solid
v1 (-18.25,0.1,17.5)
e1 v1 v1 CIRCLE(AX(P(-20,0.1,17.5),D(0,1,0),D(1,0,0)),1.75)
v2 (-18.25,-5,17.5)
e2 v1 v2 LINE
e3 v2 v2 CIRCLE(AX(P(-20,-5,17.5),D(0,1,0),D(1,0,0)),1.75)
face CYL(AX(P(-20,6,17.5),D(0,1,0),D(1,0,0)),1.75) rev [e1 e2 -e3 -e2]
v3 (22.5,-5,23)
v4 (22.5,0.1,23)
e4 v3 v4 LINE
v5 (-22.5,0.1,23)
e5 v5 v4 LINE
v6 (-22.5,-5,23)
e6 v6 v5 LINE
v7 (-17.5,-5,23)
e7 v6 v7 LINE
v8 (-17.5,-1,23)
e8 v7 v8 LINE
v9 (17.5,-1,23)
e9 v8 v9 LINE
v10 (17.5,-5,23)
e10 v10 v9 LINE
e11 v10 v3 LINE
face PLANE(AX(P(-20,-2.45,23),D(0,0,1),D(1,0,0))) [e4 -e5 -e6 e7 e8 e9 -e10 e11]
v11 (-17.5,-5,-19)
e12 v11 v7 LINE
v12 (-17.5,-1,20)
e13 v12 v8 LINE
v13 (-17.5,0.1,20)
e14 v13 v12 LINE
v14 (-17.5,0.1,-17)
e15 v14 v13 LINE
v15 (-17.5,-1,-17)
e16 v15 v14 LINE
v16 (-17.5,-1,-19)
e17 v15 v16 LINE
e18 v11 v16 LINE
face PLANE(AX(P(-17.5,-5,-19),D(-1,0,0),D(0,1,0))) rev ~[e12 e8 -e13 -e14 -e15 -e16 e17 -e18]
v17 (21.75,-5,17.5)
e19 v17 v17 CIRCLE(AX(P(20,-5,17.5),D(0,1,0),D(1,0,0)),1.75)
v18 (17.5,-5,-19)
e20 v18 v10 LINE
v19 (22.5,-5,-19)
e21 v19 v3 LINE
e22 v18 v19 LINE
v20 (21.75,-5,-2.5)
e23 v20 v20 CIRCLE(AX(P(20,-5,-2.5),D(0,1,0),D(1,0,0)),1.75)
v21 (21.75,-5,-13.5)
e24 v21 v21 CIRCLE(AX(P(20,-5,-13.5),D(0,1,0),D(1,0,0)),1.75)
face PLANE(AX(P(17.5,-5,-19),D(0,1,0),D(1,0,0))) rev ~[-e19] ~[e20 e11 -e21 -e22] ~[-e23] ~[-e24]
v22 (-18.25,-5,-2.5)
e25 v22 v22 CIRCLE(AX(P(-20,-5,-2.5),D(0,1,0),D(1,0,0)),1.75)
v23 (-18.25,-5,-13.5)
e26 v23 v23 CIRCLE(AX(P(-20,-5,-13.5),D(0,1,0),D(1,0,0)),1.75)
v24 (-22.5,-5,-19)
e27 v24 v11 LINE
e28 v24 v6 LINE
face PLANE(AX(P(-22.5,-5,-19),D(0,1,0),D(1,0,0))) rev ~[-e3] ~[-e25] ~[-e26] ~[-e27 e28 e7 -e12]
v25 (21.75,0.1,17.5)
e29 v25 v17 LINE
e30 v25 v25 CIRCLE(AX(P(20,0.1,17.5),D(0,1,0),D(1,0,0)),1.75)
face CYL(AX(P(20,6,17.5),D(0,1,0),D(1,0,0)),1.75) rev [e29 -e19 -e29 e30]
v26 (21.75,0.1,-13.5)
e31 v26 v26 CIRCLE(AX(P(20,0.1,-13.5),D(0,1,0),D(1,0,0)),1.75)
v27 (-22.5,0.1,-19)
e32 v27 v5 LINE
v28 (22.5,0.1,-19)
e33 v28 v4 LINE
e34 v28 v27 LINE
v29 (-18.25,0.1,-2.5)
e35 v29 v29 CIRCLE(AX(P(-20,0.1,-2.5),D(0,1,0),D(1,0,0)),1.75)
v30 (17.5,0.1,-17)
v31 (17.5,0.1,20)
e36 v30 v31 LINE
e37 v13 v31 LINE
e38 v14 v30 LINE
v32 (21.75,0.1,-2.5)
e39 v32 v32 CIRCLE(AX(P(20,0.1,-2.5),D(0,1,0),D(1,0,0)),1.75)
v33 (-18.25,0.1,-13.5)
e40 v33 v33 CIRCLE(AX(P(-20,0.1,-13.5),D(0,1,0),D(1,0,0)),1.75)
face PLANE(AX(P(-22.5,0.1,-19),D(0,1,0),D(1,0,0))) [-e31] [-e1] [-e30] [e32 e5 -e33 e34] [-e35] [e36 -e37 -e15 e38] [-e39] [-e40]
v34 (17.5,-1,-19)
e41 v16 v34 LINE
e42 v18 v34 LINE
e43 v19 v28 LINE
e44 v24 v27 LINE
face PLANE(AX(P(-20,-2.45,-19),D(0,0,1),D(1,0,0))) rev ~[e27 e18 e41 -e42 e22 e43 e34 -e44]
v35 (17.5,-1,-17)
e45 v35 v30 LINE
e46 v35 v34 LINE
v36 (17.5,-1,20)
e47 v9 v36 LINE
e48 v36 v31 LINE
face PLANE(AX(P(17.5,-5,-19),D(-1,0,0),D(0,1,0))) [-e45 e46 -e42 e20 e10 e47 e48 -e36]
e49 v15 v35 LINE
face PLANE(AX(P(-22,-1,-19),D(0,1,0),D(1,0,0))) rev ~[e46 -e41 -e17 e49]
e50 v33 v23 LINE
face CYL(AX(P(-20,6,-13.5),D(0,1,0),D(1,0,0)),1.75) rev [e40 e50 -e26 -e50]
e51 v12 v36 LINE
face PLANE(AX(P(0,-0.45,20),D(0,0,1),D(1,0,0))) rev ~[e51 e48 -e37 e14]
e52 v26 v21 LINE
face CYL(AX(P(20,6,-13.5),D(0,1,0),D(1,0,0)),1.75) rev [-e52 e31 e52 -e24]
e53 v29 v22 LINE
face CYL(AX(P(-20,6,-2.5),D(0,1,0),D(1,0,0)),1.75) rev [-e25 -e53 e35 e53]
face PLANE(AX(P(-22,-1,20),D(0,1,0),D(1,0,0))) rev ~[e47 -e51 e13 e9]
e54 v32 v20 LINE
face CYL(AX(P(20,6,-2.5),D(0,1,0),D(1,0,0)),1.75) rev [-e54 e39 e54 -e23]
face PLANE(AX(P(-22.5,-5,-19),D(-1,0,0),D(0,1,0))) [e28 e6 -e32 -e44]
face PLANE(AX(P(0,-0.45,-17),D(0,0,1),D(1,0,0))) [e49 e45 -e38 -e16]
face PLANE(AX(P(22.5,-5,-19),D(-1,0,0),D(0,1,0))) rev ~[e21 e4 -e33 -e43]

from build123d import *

# Parameters (mm, degrees)
CYLINDER023_R          = 1.75
CYLINDER023_DEPTH      = 44
CYLINDER023_ROLL_ANGLE = 90
CYLINDER024_R          = 1.75
CYLINDER024_DEPTH      = 44
CYLINDER024_ROLL_ANGLE = 90
CYLINDER025_R          = 1.75
CYLINDER025_DEPTH      = 44
CYLINDER025_ROLL_ANGLE = 90
CYLINDER034_R          = 1.75
CYLINDER034_DEPTH      = 44
CYLINDER034_ROLL_ANGLE = 90
CYLINDER035_R          = 1.75
CYLINDER035_DEPTH      = 44
CYLINDER035_ROLL_ANGLE = 90
CYLINDER022_R          = 1.75
CYLINDER022_DEPTH      = 44
CYLINDER022_ROLL_ANGLE = 90
BOX048_W               = 44
BOX048_H               = 1.1
BOX048_DEPTH           = 3
BOX047_W               = 5
BOX047_H               = 5.1
BOX047_DEPTH           = 42
BOX049_W               = 44
BOX049_H               = 1.1
BOX049_DEPTH           = 2
BOX046_W               = 5
BOX046_H               = 5.1
BOX046_DEPTH           = 42


with BuildPart() as cylinder_for_hole_2_motherboard002:
    # Cylinder023 → Cylinder023 (new body)
    with BuildSketch(Plane.XY):
        Circle(CYLINDER023_R)
    extrude(amount=CYLINDER023_DEPTH)


with BuildPart() as cylinder_for_hole_2_motherboard002_1:
    # Cylinder023 roll: moved
    add(cylinder_for_hole_2_motherboard002.part.rotate(Axis((0, 0, 0), (1, 0, 0)), CYLINDER023_ROLL_ANGLE))


with BuildPart() as cylinder_for_hole_2_motherboard002_2:
    # Cylinder023 placement: moved
    add(cylinder_for_hole_2_motherboard002_1.part.moved(Location((20, 6, 17.5))))


with BuildPart() as cylinder_for_hole_9_groovemount_l001:
    # Cylinder024 → Cylinder024 (new body)
    with BuildSketch(Plane.XY):
        Circle(CYLINDER024_R)
    extrude(amount=CYLINDER024_DEPTH)


with BuildPart() as cylinder_for_hole_9_groovemount_l001_1:
    # Cylinder024 roll: moved
    add(cylinder_for_hole_9_groovemount_l001.part.rotate(Axis((0, 0, 0), (1, 0, 0)), CYLINDER024_ROLL_ANGLE))


with BuildPart() as cylinder_for_hole_9_groovemount_l001_2:
    # Cylinder024 placement: moved
    add(cylinder_for_hole_9_groovemount_l001_1.part.moved(Location((-20, 6, -2.5))))


with BuildPart() as cylinder_for_hole_10_groovemount_r001:
    # Cylinder025 → Cylinder025 (new body)
    with BuildSketch(Plane.XY):
        Circle(CYLINDER025_R)
    extrude(amount=CYLINDER025_DEPTH)


with BuildPart() as cylinder_for_hole_10_groovemount_r001_1:
    # Cylinder025 roll: moved
    add(cylinder_for_hole_10_groovemount_r001.part.rotate(Axis((0, 0, 0), (1, 0, 0)), CYLINDER025_ROLL_ANGLE))


with BuildPart() as cylinder_for_hole_10_groovemount_r001_2:
    # Cylinder025 placement: moved
    add(cylinder_for_hole_10_groovemount_r001_1.part.moved(Location((20, 6, -2.5))))


with BuildPart() as cylinder_for_hole_3_motherboard002:
    # Cylinder034 → Cylinder034 (new body)
    with BuildSketch(Plane.XY):
        Circle(CYLINDER034_R)
    extrude(amount=CYLINDER034_DEPTH)


with BuildPart() as cylinder_for_hole_3_motherboard002_1:
    # Cylinder034 roll: moved
    add(cylinder_for_hole_3_motherboard002.part.rotate(Axis((0, 0, 0), (1, 0, 0)), CYLINDER034_ROLL_ANGLE))


with BuildPart() as cylinder_for_hole_3_motherboard002_2:
    # Cylinder034 placement: moved
    add(cylinder_for_hole_3_motherboard002_1.part.moved(Location((-20, 6, -13.5))))


with BuildPart() as cylinder_for_hole_4_motherboard002:
    # Cylinder035 → Cylinder035 (new body)
    with BuildSketch(Plane.XY):
        Circle(CYLINDER035_R)
    extrude(amount=CYLINDER035_DEPTH)


with BuildPart() as cylinder_for_hole_4_motherboard002_1:
    # Cylinder035 roll: moved
    add(cylinder_for_hole_4_motherboard002.part.rotate(Axis((0, 0, 0), (1, 0, 0)), CYLINDER035_ROLL_ANGLE))


with BuildPart() as cylinder_for_hole_4_motherboard002_2:
    # Cylinder035 placement: moved
    add(cylinder_for_hole_4_motherboard002_1.part.moved(Location((20, 6, -13.5))))


with BuildPart() as superstructure_holes:
    # Cylinder022 → Cylinder022 (new body)
    with BuildSketch(Plane.XY):
        Circle(CYLINDER022_R)
    extrude(amount=CYLINDER022_DEPTH)


with BuildPart() as superstructure_holes_1:
    # Cylinder022 roll: moved
    add(superstructure_holes.part.rotate(Axis((0, 0, 0), (1, 0, 0)), CYLINDER022_ROLL_ANGLE))


with BuildPart() as superstructure_holes_2:
    # Cylinder022 placement: moved
    add(superstructure_holes_1.part.moved(Location((-20, 6, 17.5))))

    # Fusion008: union cylinder for hole 2 - Motherboard002, cylinder for hole 9 - Groovemount L001, cylinder for hole 10 - Groovemount R001, cylinder for hole 3 - Motherboard002, cylinder for hole 4 - Motherboard002
    add(cylinder_for_hole_2_motherboard002_2.part)
    add(cylinder_for_hole_9_groovemount_l001_2.part)
    add(cylinder_for_hole_10_groovemount_r001_2.part)
    add(cylinder_for_hole_3_motherboard002_2.part)
    add(cylinder_for_hole_4_motherboard002_2.part)


with BuildPart() as shim_back:
    # Box048 → Box048 (new body)
    with BuildSketch(Plane(origin=(-22, -1, 20), x_dir=(1, 0, 0), z_dir=(0, 0, 1))):
        with Locations((22, 0.55)):
            Rectangle(BOX048_W, BOX048_H)
    extrude(amount=BOX048_DEPTH)


with BuildPart() as shim_l001:
    # Box047 → Box047 (new body)
    with BuildSketch(Plane(origin=(-22.5, -5, -19), x_dir=(1, 0, 0), z_dir=(0, 0, 1))):
        with Locations((2.5, 2.55)):
            Rectangle(BOX047_W, BOX047_H)
    extrude(amount=BOX047_DEPTH)


with BuildPart() as shim_front:
    # Box049 → Box049 (new body)
    with BuildSketch(Plane(origin=(-22, -1, -19), x_dir=(1, 0, 0), z_dir=(0, 0, 1))):
        with Locations((22, 0.55)):
            Rectangle(BOX049_W, BOX049_H)
    extrude(amount=BOX049_DEPTH)


with BuildPart() as superstructure_with_holes:
    # Box046 → Box046 (new body)
    with BuildSketch(Plane(origin=(17.5, -5, -19), x_dir=(1, 0, 0), z_dir=(0, 0, 1))):
        with Locations((2.5, 2.55)):
            Rectangle(BOX046_W, BOX046_H)
    extrude(amount=BOX046_DEPTH)

    # Fusion007: union shim back, shim L001, shim front
    add(shim_back.part)
    add(shim_l001.part)
    add(shim_front.part)

    # Cut007: cut superstructure holes
    add(superstructure_holes_2.part, mode=Mode.SUBTRACT)


solid = superstructure_with_holes.part
